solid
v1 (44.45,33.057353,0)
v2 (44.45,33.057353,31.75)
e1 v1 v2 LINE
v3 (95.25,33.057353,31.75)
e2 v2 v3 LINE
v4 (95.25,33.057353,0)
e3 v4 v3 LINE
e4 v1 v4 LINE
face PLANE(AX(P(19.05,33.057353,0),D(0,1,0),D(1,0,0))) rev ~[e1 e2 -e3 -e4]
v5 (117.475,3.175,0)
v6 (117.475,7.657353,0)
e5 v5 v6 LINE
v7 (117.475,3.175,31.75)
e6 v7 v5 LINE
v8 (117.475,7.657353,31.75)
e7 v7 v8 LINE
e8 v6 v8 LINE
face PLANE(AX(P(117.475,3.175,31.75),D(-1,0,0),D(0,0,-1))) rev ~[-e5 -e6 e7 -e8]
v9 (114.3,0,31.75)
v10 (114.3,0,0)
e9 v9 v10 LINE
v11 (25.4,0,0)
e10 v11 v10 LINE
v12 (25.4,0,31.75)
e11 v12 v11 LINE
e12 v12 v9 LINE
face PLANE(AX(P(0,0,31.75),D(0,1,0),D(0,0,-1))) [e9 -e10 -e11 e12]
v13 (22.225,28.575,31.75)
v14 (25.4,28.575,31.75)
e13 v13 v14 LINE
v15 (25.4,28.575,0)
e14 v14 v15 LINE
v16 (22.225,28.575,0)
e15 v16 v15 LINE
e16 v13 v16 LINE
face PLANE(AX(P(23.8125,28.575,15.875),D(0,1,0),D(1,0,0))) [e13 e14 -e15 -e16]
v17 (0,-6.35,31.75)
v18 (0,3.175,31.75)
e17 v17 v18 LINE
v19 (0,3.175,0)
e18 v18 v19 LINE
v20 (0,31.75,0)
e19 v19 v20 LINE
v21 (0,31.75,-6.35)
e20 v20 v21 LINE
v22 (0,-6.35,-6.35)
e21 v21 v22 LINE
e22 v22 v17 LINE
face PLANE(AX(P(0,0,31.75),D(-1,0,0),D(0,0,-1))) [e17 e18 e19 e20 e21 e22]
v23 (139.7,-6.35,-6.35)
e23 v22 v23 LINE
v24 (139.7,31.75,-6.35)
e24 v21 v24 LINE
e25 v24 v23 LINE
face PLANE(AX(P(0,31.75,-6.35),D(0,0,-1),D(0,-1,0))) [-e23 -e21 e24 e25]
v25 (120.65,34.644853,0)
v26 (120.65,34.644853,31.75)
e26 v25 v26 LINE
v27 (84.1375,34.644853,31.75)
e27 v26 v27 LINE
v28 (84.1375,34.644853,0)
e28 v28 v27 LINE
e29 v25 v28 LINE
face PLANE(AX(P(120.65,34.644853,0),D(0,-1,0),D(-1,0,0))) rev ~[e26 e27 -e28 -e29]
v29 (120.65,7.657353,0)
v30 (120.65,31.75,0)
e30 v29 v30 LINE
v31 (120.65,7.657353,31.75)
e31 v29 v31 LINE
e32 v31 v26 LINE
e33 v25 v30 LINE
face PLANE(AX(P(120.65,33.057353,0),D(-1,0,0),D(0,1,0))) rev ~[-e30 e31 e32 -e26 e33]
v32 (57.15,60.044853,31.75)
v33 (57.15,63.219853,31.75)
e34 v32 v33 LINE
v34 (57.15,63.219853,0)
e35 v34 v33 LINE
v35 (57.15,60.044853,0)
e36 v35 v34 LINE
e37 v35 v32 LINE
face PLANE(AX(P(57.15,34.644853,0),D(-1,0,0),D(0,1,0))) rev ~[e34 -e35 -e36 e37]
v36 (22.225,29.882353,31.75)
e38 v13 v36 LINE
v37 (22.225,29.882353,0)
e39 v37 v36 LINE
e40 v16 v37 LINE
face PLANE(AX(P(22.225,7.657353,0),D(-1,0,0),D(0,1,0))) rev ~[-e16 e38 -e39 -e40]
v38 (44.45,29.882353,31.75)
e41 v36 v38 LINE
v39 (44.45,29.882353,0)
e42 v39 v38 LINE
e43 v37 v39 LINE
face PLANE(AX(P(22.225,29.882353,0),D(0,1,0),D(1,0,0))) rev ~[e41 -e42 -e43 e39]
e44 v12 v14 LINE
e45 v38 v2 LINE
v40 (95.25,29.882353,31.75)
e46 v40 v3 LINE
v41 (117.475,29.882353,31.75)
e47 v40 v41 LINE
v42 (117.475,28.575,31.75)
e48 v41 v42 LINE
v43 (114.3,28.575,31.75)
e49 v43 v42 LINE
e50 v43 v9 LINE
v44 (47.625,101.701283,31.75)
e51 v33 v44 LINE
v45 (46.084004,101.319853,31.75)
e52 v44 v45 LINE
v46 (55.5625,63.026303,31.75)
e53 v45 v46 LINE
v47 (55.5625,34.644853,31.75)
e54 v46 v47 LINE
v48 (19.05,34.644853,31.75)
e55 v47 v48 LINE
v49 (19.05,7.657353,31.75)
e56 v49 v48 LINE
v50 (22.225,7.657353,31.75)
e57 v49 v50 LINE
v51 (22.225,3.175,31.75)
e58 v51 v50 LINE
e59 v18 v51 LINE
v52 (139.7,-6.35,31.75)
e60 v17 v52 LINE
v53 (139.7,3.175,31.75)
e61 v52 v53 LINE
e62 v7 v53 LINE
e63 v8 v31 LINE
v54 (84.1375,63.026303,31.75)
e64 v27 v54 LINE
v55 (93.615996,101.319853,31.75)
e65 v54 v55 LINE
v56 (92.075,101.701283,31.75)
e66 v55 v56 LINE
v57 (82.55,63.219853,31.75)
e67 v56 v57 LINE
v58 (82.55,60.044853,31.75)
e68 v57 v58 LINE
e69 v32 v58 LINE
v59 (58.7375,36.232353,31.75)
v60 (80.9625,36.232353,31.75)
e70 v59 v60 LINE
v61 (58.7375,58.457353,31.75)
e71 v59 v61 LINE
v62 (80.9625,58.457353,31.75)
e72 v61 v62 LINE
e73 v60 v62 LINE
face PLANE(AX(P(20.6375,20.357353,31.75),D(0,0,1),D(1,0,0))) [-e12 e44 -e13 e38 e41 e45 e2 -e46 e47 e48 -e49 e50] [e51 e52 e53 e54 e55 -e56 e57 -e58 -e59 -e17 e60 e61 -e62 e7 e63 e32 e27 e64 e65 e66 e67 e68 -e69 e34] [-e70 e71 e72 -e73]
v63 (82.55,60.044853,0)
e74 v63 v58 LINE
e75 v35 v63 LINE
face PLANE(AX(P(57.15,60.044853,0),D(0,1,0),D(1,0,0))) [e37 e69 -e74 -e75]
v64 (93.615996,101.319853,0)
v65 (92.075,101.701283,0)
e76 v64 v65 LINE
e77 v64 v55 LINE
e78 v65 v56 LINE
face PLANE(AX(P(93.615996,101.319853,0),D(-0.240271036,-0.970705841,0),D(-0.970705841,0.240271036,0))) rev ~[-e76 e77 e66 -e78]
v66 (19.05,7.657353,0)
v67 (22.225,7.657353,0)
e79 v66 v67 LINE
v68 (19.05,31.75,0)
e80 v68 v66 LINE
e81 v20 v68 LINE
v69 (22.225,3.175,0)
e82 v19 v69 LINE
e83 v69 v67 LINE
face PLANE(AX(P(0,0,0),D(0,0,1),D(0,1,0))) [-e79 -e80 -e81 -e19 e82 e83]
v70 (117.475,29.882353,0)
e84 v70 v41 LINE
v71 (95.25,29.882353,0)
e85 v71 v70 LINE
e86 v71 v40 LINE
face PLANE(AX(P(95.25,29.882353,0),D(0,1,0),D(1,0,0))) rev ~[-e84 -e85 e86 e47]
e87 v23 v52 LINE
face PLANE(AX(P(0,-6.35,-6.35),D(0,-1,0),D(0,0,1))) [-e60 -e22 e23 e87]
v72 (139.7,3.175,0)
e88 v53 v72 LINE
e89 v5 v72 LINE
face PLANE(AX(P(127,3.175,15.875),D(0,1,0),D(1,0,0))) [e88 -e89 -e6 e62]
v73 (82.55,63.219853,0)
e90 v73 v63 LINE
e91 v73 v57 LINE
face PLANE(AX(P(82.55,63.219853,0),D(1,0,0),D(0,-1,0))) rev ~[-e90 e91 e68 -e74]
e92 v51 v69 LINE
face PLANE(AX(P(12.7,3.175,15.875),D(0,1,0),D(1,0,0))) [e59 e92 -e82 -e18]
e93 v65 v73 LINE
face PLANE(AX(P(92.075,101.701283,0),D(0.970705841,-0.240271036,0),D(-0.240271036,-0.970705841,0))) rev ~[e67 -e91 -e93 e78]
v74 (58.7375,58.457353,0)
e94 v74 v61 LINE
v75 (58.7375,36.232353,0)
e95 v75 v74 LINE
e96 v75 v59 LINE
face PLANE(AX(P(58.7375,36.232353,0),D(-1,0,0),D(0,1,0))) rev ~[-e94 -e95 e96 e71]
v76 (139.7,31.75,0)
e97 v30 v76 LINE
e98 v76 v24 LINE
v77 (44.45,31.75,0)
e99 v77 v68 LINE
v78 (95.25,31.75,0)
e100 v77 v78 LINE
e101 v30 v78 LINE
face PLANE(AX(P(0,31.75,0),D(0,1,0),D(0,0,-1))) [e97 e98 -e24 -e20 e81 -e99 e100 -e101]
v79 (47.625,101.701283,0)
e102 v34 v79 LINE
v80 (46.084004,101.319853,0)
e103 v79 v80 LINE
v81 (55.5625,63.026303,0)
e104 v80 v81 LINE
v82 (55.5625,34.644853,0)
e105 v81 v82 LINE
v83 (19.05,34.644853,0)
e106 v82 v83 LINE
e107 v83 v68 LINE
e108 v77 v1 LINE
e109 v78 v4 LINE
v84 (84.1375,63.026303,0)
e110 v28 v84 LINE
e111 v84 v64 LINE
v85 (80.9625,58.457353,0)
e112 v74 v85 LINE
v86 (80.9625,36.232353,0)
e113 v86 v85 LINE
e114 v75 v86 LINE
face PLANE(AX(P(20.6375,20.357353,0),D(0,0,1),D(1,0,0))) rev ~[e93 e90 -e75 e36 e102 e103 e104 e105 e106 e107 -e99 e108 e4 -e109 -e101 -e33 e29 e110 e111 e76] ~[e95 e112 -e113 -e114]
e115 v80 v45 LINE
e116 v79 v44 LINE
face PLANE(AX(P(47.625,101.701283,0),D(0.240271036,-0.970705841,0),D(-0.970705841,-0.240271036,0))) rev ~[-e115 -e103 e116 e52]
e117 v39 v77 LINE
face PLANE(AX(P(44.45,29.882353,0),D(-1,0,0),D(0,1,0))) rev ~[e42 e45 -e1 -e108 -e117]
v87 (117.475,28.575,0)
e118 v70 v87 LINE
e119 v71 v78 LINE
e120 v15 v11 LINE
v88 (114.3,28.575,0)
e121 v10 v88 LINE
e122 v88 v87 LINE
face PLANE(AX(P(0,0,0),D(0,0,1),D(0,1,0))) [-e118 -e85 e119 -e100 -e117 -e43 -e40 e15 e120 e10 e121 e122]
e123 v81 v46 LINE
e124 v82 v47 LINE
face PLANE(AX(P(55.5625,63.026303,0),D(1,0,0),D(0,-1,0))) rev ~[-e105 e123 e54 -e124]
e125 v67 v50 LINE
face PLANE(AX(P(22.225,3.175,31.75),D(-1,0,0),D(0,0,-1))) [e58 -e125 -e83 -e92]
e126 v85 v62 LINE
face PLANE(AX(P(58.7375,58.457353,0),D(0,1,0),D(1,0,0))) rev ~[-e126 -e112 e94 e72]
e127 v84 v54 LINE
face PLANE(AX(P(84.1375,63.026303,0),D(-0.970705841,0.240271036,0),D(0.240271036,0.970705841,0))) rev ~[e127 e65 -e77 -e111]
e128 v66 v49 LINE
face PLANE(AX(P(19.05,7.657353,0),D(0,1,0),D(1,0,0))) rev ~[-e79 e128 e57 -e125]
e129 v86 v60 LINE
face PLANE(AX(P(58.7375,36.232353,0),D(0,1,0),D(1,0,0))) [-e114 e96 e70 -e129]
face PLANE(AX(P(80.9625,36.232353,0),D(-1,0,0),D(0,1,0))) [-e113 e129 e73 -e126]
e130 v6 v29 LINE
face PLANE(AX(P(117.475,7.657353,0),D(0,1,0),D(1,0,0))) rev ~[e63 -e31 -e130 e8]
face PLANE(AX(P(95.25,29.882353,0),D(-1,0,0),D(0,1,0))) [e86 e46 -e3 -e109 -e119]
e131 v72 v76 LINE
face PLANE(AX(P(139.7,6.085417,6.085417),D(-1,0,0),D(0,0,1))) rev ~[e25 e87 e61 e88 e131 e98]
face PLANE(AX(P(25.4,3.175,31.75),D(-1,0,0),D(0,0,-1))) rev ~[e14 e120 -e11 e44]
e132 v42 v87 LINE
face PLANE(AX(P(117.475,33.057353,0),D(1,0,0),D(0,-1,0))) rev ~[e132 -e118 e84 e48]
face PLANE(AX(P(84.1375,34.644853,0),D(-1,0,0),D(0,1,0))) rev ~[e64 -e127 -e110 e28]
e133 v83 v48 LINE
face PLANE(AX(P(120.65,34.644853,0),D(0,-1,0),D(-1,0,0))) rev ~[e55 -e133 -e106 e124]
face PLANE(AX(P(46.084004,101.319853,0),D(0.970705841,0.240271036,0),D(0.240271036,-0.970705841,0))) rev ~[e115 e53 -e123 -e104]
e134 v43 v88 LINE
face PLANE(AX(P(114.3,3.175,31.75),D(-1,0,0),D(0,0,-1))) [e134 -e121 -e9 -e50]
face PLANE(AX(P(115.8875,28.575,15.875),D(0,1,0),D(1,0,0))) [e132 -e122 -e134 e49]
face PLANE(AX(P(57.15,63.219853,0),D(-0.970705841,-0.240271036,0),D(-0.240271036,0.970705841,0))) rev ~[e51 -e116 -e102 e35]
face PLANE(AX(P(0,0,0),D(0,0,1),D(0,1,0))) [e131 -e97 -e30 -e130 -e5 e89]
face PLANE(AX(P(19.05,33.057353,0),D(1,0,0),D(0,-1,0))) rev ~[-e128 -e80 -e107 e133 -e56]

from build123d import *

# Parameters (mm, degrees)
BOSS_EXTRUDE1_DEPTH = 139.7
SKETCH2_W           = 25.4
SKETCH2_H           = 31.75
BOSS_EXTRUDE2_DEPTH = 3.175
SKETCH3_W           = 3.175
SKETCH3_H           = 31.75
BOSS_EXTRUDE3_DEPTH = 25.4
SKETCH5_W           = 22.225
SKETCH5_H           = 3.175
SKETCH5_W_2         = 25.4
SKETCH5_H_2         = 25.4
SKETCH5_H_3         = 22.225
BOSS_EXTRUDE4_DEPTH = 31.75


with BuildPart() as part:
    # Sketch1 → Boss-Extrude1 (new body)
    with BuildSketch(Plane(origin=(0, 0, 0), x_dir=(0, 0, -1), z_dir=(1, 0, 0))):
        Polygon((-31.75, 0), (0, 0), (0, 31.75), (6.35, 31.75), (6.35, -6.35), (-31.75, -6.35), align=None)
    extrude(amount=BOSS_EXTRUDE1_DEPTH)

    # Sketch2 → Boss-Extrude2 (add)
    with BuildSketch(Plane(origin=(0, 0, 0), x_dir=(1, 0, 0), z_dir=(0, 1, 0))):
        with Locations((12.7, -15.875)):
            Rectangle(SKETCH2_W, SKETCH2_H)
        with Locations((127, -15.875)):
            Rectangle(SKETCH2_W, SKETCH2_H)
    extrude(amount=BOSS_EXTRUDE2_DEPTH)

    # Sketch3 → Boss-Extrude3 (add)
    with BuildSketch(Plane(origin=(0, 3.175, 0), x_dir=(1, 0, 0), z_dir=(0, 1, 0))):
        with Locations((23.8125, -15.875)):
            Rectangle(SKETCH3_W, SKETCH3_H)
        with Locations((115.8875, -15.875)):
            Rectangle(SKETCH3_W, SKETCH3_H)
    extrude(amount=BOSS_EXTRUDE3_DEPTH)

    # Sketch5 → Boss-Extrude4 (add)
    # profile 1 of 8: a face of its own
    with BuildSketch(Plane.XY):
        Polygon((19.05, 7.657352941), (22.225, 7.657352941), (22.225, 29.882352941), (22.225, 33.057352941), (19.05, 33.057352941), align=None)
    # profile 2 of 8: a face of its own
    with BuildSketch(Plane.XY):
        with Locations((33.3375, 31.469852941)):
            Rectangle(SKETCH5_W, SKETCH5_H)
    # profile 3 of 8: a face of its own
    with BuildSketch(Plane.XY):
        Polygon((19.05, 34.644852941), (19.05, 33.057352941), (22.225, 33.057352941), (44.45, 33.057352941), (95.25, 33.057352941), (117.475, 33.057352941), (120.65, 33.057352941), (120.65, 34.644852941), (84.1375, 34.644852941), (82.55, 34.644852941), (57.15, 34.644852941), (55.5625, 34.644852941), align=None)
    # profile 4 of 8: a face of its own
    with BuildSketch(Plane.XY):
        Polygon((55.5625, 63.026302863), (55.5625, 34.644852941), (57.15, 34.644852941), (57.15, 60.044852941), (57.15, 63.219852941), (47.625, 101.701283211), (46.084004478, 101.319852941), align=None)
    # profile 5 of 8: a face of its own
    with BuildSketch(Plane.XY):
        with Locations((106.3625, 31.469852941)):
            Rectangle(SKETCH5_W, SKETCH5_H)
    # profile 6 of 8: a face of its own
    with BuildSketch(Plane.XY):
        with Locations((69.85, 47.344852941)):
            Rectangle(SKETCH5_W_2, SKETCH5_H_2)
        with Locations((69.85, 47.344852941)):
            Rectangle(SKETCH5_W, SKETCH5_H_3, mode=Mode.SUBTRACT)
    # profile 7 of 8: a face of its own
    with BuildSketch(Plane.XY):
        Polygon((120.65, 33.057352941), (117.475, 33.057352941), (117.475, 29.882352941), (117.475, 7.657352941), (120.65, 7.657352941), align=None)
    # profile 8 of 8: a face of its own
    with BuildSketch(Plane.XY):
        Polygon((82.55, 60.044852941), (82.55, 34.644852941), (84.1375, 34.644852941), (84.1375, 63.026302863), (93.615995522, 101.319852941), (92.075, 101.701283211), (82.55, 63.219852941), align=None)
    extrude(amount=BOSS_EXTRUDE4_DEPTH)


solid = part.part
